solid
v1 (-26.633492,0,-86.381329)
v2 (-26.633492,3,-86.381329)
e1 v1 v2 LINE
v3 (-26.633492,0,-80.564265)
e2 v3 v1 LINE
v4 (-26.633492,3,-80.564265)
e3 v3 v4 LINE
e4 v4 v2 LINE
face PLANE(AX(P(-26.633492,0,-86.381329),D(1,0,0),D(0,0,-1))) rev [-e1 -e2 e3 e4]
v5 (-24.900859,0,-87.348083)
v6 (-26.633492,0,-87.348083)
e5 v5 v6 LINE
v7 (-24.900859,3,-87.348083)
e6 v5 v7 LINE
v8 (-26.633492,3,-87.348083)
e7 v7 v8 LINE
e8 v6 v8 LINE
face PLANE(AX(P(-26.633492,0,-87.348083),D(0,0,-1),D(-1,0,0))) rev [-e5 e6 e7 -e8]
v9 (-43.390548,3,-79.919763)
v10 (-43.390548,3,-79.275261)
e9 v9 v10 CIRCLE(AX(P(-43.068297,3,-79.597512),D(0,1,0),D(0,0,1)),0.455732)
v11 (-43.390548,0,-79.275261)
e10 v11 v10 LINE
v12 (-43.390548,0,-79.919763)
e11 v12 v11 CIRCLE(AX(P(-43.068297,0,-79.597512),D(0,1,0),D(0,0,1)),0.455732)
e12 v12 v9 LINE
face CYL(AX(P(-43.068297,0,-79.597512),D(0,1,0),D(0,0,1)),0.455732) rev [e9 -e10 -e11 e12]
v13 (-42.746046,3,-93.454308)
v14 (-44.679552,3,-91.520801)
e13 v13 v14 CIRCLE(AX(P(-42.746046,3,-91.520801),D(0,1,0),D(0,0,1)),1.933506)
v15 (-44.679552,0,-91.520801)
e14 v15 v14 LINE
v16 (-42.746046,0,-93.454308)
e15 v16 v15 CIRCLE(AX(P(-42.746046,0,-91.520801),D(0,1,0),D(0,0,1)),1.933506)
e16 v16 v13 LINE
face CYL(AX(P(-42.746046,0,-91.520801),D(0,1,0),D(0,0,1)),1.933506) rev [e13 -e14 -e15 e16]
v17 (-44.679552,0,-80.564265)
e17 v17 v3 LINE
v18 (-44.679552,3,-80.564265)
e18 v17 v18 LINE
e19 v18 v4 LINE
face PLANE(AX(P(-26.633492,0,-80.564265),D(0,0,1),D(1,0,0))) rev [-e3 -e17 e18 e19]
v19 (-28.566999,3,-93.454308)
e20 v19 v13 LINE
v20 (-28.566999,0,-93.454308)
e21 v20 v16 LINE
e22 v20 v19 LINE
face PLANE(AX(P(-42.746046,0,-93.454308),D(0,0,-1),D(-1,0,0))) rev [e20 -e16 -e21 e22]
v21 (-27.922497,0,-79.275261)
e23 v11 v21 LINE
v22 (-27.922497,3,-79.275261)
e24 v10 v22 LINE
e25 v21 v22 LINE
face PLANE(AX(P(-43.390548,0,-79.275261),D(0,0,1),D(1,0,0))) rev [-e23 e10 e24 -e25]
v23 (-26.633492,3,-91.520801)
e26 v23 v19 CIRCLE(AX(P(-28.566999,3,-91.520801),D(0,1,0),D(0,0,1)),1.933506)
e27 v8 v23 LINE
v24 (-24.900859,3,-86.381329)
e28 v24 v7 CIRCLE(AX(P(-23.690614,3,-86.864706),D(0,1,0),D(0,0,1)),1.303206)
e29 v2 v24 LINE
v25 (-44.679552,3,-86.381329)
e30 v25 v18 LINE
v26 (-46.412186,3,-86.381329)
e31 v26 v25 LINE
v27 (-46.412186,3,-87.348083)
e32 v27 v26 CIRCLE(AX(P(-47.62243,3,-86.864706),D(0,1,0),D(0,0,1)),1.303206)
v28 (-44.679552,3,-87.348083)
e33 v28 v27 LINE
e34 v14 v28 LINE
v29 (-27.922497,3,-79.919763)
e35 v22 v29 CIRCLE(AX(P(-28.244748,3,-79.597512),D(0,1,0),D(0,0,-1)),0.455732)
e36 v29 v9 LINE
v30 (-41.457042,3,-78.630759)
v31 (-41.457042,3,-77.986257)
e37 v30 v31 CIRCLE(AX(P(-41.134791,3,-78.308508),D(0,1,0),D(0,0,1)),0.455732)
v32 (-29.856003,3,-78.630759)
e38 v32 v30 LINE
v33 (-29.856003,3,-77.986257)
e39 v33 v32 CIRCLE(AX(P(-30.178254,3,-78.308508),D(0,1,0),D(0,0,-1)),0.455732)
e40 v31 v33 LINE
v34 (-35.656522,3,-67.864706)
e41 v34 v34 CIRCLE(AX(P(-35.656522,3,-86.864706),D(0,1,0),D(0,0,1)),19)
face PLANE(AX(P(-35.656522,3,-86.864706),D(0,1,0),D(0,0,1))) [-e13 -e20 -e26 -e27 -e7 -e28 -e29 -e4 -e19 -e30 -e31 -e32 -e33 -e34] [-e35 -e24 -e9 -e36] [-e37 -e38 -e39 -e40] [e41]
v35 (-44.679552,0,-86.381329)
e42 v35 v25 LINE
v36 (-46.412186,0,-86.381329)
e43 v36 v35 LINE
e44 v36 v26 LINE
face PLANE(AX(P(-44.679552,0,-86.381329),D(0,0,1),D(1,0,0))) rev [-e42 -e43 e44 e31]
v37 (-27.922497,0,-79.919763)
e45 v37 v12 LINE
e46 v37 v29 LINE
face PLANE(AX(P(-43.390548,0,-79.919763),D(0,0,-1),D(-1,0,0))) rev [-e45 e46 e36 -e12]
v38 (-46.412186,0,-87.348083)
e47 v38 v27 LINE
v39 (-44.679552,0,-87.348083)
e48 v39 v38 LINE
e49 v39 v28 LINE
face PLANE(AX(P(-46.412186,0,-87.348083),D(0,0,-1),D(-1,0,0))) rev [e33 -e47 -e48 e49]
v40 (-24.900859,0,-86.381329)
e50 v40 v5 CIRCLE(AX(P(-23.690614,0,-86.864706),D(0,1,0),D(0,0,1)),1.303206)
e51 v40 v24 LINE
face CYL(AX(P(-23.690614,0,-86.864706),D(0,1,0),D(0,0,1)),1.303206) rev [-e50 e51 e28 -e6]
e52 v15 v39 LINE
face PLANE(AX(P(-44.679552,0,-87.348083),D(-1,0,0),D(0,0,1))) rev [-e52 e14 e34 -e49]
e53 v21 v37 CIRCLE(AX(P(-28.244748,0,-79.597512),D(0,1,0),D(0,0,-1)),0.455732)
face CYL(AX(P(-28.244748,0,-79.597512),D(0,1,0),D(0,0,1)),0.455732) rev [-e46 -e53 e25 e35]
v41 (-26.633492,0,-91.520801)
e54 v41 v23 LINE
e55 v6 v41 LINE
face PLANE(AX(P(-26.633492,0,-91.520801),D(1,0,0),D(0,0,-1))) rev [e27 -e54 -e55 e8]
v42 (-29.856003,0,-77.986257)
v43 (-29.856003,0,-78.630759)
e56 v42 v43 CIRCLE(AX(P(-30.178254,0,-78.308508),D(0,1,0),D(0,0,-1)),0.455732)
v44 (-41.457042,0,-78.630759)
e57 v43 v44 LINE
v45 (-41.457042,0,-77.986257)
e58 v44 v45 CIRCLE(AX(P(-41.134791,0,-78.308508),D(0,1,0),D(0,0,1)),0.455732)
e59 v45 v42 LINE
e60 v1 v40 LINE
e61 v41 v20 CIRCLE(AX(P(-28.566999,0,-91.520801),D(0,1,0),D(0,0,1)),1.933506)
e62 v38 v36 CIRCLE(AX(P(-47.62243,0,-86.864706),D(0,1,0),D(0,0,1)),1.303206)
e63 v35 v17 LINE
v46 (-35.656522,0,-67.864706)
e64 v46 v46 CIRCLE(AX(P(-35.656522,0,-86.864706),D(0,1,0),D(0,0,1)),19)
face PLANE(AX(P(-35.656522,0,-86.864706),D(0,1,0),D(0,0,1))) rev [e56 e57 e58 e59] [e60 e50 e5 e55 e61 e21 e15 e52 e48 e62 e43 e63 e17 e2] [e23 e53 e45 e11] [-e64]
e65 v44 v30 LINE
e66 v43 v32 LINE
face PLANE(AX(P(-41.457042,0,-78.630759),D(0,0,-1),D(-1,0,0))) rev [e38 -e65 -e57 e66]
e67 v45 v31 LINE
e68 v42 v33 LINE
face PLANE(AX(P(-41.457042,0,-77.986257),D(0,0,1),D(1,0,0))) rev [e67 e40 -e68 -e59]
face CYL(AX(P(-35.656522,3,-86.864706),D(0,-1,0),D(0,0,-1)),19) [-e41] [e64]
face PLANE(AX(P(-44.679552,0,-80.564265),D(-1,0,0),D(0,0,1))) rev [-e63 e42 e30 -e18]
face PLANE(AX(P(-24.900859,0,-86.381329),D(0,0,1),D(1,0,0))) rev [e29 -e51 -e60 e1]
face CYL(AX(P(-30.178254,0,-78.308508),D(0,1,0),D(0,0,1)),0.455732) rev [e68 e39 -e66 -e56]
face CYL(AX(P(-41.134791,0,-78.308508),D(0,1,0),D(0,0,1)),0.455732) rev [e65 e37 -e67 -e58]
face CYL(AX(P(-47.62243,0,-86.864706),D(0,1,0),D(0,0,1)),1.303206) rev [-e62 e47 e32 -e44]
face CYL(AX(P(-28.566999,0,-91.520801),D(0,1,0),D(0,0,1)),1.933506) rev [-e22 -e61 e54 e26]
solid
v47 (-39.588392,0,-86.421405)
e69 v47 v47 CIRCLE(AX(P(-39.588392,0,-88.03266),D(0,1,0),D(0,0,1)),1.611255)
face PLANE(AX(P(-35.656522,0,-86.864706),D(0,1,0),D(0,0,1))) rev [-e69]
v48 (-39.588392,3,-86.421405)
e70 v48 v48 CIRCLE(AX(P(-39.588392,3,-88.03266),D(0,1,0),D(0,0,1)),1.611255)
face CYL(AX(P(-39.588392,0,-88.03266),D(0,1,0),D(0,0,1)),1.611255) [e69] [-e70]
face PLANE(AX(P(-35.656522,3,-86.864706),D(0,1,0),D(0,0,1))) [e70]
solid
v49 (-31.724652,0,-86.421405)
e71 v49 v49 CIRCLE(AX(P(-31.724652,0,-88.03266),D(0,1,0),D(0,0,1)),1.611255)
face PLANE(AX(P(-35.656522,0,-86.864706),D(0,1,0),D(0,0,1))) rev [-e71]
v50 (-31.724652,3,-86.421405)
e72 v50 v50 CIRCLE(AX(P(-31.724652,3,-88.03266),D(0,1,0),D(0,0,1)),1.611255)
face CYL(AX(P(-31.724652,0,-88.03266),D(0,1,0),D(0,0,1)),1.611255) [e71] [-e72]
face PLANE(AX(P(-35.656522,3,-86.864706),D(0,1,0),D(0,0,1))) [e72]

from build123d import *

# Parameters (mm, degrees)
SKETCH3_R           = 19
BOSS_EXTRUDE1_DEPTH = 3
SKETCH6_R           = 1.611255347
CUT_EXTRUDE1_DEPTH  = 4


with BuildPart() as part:
    # Sketch3 → Boss-Extrude1 (new body)
    with BuildSketch(Plane(origin=(0, 0, 0), x_dir=(1, 0, 0), z_dir=(0, 1, 0))):
        with Locations((-35.656522361, 86.864706092)):
            Circle(SKETCH3_R)
    extrude(amount=BOSS_EXTRUDE1_DEPTH)

    # Sketch6 → Cut-Extrude1 (cut, through all)
    with BuildSketch(Plane(origin=(0, 3, 0), x_dir=(1, 0, 0), z_dir=(0, 1, 0))):
        with BuildLine():
            Line((-44.679552304, 80.564265068), (-44.679552304, 86.381329488))
            Line((-44.679552304, 86.381329488), (-46.412185761, 86.381329488))
            ThreePointArc((-46.412185761, 86.381329488), (-48.925636161, 86.864706092), (-46.412185761, 87.348082696))
            Line((-46.412185761, 87.348082696), (-44.679552304, 87.348082696))
            Line((-44.679552304, 87.348082696), (-44.679552304, 91.520801428))
            ThreePointArc((-44.679552304, 91.520801428), (-44.113241386, 92.887996927), (-42.746045888, 93.454307845))
            Line((-42.746045888, 93.454307845), (-28.566998833, 93.454307845))
            ThreePointArc((-28.566998833, 93.454307845), (-27.199803335, 92.887996927), (-26.633492417, 91.520801428))
            Line((-26.633492417, 91.520801428), (-26.633492417, 87.348082696))
            Line((-26.633492417, 87.348082696), (-24.900858961, 87.348082696))
            ThreePointArc((-24.900858961, 87.348082696), (-22.38740856, 86.864706092), (-24.900858961, 86.381329488))
            Line((-24.900858961, 86.381329488), (-26.633492417, 86.381329488))
            Line((-26.633492417, 86.381329488), (-26.633492417, 80.564265068))
            Line((-26.633492417, 80.564265068), (-44.679552304, 80.564265068))
        make_face()
        with Locations((-39.588392261, 88.032660088)):
            Circle(SKETCH6_R, mode=Mode.SUBTRACT)
        with Locations((-31.72465246, 88.032660088)):
            Circle(SKETCH6_R, mode=Mode.SUBTRACT)
        with BuildLine():
            Line((-43.390548027, 79.919762929), (-27.922496694, 79.919762929))
            ThreePointArc((-27.922496694, 79.919762929), (-27.789015931, 79.597511859), (-27.922496694, 79.27526079))
            Line((-27.922496694, 79.27526079), (-43.390548027, 79.27526079))
            ThreePointArc((-43.390548027, 79.27526079), (-43.52402879, 79.597511859), (-43.390548027, 79.919762929))
        make_face()
        with BuildLine():
            Line((-41.45704161, 78.630758651), (-29.856003111, 78.630758651))
            ThreePointArc((-29.856003111, 78.630758651), (-29.722522348, 78.308507582), (-29.856003111, 77.986256512))
            Line((-29.856003111, 77.986256512), (-41.45704161, 77.986256512))
            ThreePointArc((-41.45704161, 77.986256512), (-41.590522374, 78.308507582), (-41.45704161, 78.630758651))
        make_face()
    extrude(amount=-CUT_EXTRUDE1_DEPTH, mode=Mode.SUBTRACT)


solid = part.part
